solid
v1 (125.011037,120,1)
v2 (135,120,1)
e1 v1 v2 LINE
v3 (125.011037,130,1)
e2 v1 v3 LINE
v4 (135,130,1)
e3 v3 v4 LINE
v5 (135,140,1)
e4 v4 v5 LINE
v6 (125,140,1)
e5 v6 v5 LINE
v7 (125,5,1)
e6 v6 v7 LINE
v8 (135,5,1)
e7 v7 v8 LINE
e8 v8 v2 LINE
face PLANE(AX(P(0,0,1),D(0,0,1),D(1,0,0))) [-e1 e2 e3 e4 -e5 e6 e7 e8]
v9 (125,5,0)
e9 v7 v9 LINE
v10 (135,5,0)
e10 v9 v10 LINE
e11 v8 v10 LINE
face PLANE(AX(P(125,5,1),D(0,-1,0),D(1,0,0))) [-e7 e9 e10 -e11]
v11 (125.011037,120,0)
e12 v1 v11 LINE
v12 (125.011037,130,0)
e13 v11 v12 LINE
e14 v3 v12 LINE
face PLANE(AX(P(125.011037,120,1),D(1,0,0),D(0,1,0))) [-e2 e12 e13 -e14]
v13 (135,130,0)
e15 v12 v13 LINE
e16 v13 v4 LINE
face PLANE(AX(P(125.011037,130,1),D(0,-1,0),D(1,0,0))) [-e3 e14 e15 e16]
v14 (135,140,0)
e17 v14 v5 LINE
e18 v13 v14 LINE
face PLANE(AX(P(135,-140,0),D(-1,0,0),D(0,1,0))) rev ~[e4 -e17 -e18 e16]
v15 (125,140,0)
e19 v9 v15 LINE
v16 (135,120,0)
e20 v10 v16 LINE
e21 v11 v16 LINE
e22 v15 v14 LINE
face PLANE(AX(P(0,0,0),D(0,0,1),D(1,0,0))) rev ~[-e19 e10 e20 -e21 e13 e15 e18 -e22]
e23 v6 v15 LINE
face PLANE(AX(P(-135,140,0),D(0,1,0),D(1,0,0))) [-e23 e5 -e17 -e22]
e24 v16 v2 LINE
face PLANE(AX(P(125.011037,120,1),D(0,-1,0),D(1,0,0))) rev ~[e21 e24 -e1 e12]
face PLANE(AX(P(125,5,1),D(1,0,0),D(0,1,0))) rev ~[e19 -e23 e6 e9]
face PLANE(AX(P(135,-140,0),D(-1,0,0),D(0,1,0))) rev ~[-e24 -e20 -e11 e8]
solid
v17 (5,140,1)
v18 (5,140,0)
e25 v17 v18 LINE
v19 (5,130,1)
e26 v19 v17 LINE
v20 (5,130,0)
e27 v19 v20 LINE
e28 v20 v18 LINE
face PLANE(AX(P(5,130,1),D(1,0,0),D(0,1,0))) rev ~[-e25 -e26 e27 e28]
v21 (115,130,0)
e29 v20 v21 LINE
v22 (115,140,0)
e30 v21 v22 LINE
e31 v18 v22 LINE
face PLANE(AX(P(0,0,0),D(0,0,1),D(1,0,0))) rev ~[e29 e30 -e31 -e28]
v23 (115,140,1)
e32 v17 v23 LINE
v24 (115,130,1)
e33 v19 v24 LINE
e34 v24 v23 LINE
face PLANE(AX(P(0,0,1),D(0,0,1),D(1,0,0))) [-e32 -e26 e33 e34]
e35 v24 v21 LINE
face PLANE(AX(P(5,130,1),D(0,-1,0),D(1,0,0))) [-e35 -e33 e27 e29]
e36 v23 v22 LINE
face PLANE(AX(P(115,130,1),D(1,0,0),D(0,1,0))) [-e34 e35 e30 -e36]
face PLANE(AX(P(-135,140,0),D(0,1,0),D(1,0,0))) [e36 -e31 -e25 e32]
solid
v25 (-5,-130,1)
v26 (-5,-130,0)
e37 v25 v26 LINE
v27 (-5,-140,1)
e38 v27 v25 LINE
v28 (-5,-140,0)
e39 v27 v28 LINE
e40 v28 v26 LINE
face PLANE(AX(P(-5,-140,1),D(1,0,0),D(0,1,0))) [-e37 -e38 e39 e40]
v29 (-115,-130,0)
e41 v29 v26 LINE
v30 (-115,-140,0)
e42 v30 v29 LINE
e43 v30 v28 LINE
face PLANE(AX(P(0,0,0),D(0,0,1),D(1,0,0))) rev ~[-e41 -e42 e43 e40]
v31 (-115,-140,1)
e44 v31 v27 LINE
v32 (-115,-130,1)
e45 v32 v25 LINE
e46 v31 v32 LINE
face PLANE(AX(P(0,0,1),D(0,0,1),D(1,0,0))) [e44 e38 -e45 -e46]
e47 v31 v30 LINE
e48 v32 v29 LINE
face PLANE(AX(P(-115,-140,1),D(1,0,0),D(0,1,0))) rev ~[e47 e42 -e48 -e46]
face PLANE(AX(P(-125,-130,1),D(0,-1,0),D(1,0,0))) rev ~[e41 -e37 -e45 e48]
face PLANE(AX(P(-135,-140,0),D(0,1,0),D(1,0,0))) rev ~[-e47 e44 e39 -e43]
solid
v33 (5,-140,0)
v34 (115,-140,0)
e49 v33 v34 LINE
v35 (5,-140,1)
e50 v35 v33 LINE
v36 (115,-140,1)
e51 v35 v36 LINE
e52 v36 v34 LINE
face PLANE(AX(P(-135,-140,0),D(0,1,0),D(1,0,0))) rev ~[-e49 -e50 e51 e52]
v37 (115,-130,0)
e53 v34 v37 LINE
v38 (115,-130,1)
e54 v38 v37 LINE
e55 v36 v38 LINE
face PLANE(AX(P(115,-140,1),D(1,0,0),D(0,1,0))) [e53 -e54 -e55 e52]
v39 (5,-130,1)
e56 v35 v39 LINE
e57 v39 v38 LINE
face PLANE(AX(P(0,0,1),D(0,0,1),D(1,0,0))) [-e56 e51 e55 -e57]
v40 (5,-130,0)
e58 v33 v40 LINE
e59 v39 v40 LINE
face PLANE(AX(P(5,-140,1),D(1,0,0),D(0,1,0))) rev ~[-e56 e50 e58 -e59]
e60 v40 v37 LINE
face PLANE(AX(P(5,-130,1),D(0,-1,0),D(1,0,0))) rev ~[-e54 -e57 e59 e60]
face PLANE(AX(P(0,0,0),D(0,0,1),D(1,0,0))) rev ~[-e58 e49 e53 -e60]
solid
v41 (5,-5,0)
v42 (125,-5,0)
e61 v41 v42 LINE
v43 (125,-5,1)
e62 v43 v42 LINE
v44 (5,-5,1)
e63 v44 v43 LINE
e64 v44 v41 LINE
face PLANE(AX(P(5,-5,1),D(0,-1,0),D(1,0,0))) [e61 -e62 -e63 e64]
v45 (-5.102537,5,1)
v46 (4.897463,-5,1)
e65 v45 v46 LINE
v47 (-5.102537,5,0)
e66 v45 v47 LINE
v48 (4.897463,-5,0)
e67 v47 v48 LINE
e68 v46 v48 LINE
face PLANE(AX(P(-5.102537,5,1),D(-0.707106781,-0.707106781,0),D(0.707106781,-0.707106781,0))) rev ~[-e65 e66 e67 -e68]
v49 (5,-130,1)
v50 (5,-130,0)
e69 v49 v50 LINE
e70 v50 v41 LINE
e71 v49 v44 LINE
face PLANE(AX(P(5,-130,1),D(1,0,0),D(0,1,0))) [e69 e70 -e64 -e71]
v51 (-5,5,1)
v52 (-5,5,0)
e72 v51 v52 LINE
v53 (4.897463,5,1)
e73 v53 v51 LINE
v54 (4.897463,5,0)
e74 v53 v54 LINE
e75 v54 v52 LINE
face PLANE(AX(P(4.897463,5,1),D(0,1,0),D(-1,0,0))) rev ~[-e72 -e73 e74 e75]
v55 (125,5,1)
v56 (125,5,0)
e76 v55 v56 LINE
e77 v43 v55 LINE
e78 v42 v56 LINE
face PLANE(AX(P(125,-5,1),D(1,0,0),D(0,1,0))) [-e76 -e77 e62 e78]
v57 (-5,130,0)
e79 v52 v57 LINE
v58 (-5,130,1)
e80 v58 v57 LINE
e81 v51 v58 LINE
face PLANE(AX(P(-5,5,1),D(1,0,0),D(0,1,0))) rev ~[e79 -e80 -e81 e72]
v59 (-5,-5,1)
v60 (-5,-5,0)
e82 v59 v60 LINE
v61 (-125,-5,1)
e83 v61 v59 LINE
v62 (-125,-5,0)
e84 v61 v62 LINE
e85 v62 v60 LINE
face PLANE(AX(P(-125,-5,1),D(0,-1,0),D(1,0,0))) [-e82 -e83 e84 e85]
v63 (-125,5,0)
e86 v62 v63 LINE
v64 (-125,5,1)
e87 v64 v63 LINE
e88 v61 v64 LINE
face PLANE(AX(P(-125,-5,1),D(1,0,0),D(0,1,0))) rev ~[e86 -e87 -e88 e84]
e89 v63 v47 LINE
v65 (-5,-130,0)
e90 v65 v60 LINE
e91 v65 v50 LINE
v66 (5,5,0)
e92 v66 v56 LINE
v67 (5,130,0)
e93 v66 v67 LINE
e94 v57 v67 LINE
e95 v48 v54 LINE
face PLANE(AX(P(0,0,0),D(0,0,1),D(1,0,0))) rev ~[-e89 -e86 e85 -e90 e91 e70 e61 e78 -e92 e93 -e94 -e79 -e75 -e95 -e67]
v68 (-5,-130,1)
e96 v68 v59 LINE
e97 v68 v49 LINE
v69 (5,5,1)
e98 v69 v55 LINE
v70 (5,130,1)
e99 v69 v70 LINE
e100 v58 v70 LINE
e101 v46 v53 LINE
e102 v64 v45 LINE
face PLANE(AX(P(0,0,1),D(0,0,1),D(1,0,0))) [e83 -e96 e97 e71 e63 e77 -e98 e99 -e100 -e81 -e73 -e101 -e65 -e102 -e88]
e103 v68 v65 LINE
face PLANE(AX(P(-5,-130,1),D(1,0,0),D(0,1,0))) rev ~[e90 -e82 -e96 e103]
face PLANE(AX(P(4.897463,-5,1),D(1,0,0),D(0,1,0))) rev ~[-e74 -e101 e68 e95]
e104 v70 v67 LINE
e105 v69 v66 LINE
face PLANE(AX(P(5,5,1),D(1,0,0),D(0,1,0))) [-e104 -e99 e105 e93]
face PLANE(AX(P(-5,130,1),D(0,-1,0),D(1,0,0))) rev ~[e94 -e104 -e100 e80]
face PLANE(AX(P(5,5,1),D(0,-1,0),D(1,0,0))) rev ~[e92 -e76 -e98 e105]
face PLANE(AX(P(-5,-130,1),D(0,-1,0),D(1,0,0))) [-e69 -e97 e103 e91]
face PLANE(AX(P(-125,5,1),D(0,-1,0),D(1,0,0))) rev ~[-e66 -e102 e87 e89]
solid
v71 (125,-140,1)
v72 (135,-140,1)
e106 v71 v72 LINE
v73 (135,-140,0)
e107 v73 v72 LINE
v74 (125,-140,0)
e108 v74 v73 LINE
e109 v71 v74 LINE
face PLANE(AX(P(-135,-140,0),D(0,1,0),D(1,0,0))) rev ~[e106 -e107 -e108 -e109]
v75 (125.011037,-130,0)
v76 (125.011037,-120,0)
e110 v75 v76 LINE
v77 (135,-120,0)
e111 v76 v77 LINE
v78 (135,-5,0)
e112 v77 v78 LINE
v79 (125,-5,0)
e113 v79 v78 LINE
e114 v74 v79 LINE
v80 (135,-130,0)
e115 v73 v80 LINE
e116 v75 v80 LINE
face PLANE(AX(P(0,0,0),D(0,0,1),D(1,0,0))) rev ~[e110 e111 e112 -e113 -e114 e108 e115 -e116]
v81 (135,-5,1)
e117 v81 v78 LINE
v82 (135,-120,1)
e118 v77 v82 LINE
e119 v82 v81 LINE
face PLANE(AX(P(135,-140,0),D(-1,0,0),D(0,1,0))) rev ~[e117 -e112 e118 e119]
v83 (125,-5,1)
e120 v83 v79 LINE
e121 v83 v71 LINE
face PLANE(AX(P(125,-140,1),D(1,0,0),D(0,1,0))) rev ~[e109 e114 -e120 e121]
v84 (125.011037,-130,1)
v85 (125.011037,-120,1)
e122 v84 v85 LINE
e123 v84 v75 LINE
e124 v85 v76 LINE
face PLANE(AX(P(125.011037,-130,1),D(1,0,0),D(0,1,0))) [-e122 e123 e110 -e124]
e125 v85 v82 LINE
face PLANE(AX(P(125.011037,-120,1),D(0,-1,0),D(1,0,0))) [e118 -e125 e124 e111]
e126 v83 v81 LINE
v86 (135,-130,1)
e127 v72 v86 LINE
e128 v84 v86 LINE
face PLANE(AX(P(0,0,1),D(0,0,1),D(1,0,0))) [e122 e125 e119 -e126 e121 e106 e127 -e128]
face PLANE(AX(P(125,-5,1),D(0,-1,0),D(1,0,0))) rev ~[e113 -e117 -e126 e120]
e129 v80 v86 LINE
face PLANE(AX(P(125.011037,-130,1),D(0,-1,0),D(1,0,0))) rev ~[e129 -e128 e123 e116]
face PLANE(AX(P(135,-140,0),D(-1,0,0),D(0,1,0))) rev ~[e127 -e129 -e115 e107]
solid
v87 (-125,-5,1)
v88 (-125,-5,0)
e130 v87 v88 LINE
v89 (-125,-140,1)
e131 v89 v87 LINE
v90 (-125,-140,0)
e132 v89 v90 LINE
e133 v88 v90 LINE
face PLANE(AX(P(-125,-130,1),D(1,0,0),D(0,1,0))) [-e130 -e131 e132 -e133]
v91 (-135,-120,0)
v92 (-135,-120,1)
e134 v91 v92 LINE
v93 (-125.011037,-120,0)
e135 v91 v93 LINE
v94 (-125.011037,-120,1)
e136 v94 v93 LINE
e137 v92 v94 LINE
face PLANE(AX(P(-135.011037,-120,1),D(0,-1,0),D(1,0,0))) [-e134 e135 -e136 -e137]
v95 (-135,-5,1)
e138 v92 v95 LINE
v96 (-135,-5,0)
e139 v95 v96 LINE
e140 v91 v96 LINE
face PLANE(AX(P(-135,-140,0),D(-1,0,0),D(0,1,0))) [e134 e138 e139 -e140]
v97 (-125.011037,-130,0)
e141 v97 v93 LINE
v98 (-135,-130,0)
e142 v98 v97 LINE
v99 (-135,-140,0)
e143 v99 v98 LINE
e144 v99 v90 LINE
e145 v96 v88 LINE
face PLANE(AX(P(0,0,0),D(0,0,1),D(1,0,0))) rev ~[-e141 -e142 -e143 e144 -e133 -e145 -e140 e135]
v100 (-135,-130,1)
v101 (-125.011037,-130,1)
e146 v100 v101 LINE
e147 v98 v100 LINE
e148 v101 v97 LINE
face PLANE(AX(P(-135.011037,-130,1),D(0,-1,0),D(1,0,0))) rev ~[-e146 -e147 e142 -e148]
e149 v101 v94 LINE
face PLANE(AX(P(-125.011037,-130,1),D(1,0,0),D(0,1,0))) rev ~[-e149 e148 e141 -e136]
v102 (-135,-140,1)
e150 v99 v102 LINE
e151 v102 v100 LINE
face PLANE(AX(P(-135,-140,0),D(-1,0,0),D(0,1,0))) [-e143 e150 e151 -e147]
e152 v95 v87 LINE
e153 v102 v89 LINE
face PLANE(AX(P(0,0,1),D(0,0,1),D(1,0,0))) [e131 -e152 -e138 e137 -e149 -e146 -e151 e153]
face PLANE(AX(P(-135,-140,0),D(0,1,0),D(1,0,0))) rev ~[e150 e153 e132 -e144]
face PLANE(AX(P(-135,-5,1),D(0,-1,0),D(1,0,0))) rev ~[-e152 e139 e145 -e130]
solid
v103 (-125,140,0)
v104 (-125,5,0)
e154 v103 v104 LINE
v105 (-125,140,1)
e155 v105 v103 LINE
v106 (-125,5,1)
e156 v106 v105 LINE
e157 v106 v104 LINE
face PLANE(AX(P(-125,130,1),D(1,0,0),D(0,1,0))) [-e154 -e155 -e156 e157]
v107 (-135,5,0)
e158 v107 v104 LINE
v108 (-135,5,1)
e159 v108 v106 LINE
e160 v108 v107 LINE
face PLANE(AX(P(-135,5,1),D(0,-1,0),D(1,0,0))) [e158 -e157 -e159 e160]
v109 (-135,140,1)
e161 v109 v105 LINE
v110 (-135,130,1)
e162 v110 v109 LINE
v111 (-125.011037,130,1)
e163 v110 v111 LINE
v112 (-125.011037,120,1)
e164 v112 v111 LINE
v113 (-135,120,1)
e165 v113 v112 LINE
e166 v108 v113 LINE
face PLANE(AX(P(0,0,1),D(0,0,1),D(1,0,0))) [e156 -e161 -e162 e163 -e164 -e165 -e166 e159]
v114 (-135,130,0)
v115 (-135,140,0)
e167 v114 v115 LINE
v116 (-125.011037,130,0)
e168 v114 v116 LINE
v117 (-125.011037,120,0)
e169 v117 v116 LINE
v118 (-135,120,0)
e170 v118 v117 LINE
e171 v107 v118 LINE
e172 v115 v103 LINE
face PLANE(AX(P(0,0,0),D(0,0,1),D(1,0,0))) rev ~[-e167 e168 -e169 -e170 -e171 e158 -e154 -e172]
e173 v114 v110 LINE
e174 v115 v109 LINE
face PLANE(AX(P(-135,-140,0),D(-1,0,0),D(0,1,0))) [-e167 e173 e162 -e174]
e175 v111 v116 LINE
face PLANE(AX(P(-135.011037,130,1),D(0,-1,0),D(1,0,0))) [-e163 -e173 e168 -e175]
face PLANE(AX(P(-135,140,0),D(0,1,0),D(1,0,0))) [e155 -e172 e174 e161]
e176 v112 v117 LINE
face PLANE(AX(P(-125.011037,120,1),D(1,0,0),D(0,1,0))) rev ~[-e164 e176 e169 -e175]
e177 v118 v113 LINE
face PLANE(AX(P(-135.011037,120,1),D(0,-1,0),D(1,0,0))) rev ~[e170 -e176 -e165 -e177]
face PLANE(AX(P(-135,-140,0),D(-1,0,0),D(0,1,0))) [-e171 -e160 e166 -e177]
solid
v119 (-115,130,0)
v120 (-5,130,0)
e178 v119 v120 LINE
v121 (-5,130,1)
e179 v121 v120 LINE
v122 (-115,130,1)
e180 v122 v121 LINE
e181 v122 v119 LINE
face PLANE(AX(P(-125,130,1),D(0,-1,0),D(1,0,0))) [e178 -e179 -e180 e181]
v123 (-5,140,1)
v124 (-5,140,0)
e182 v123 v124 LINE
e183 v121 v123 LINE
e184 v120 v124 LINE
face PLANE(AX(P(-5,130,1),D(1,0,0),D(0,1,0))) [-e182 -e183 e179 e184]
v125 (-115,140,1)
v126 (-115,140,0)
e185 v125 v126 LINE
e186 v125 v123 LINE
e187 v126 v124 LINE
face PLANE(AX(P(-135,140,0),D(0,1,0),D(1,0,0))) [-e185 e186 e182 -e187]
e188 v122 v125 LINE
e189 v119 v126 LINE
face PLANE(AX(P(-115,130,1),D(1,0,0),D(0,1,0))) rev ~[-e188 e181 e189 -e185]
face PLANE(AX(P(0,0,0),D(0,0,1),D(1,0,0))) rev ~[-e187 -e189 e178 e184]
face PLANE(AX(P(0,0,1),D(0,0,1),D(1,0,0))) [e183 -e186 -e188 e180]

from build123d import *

# Parameters (mm, degrees)
F0_W      = 270
F0_H      = 280
F1_DEPTH  = 1
F2_W      = 120
F2_H      = 125
F3_DEPTH  = 1.001
F4_W      = 10
F4_H      = 10
F5_DEPTH  = 1.001
F6_W      = 10
F6_H      = 10
F7_DEPTH  = 1.001
F9_DEPTH  = 1.001
F10_W     = 10
F10_H     = 10
F11_DEPTH = 1.001
F12_W     = 10
F12_H     = 10
F13_DEPTH = 1.001


with BuildPart() as f1:
    # F0 (on Top) → F1 (new body)
    with BuildSketch(Plane.XY):
        Rectangle(F0_W, F0_H)
    extrude(amount=F1_DEPTH)

    # F2 (on face) → F3 (cut, through all)
    with BuildSketch(Plane.XY.offset(1)):
        with Locations((-65, 67.5)):
            Rectangle(F2_W, F2_H)
        with Locations((65, 67.5)):
            Rectangle(F2_W, F2_H)
        with Locations((65, -67.5)):
            Rectangle(F2_W, F2_H)
        with Locations((-65, -67.5)):
            Rectangle(F2_W, F2_H)
    extrude(amount=-F3_DEPTH, mode=Mode.SUBTRACT)

    # F4 (on face) → F5 (cut, through all)
    with BuildSketch(Plane.XY.offset(1)):
        with Locations((-130.011037, 125)):
            Rectangle(F4_W, F4_H)
        with Locations((130.011037, 125)):
            Rectangle(F4_W, F4_H)
        with Locations((-130.011037, -125)):
            Rectangle(F4_W, F4_H)
        with Locations((130.011037, -125)):
            Rectangle(F4_W, F4_H)
    extrude(amount=-F5_DEPTH, mode=Mode.SUBTRACT)

    # F6 (on face) → F7 (cut, through all)
    with BuildSketch(Plane.XY.offset(1)):
        with Locations((120, 135)):
            Rectangle(F6_W, F6_H)
        with Locations((-120, -135)):
            Rectangle(F6_W, F6_H)
        with Locations((120, -135)):
            Rectangle(F6_W, F6_H)
        with Locations((-120, 135)):
            Rectangle(F6_W, F6_H)
    extrude(amount=-F7_DEPTH, mode=Mode.SUBTRACT)

    # F8 (on face) → F9 (cut, through all)
    with BuildSketch(Plane.XY.offset(1)):
        Polygon((-5, 5), (-5.102537, 5), (4.897463, -5), (4.897463, 5), align=None)
    extrude(amount=-F9_DEPTH, mode=Mode.SUBTRACT)

    # F10 (on face) → F11 (cut, through all)
    with BuildSketch(Plane.XY.offset(1)):
        with Locations((-130, 0)):
            Rectangle(F10_W, F10_H)
        with Locations((130, 0)):
            Rectangle(F10_W, F10_H)
    extrude(amount=-F11_DEPTH, mode=Mode.SUBTRACT)

    # F12 (on face) → F13 (cut, through all)
    with BuildSketch(Plane.XY.offset(1)):
        with Locations((0, -135)):
            Rectangle(F12_W, F12_H)
        with Locations((0, 135)):
            Rectangle(F12_W, F12_H)
    extrude(amount=-F13_DEPTH, mode=Mode.SUBTRACT)


solid = f1.part
